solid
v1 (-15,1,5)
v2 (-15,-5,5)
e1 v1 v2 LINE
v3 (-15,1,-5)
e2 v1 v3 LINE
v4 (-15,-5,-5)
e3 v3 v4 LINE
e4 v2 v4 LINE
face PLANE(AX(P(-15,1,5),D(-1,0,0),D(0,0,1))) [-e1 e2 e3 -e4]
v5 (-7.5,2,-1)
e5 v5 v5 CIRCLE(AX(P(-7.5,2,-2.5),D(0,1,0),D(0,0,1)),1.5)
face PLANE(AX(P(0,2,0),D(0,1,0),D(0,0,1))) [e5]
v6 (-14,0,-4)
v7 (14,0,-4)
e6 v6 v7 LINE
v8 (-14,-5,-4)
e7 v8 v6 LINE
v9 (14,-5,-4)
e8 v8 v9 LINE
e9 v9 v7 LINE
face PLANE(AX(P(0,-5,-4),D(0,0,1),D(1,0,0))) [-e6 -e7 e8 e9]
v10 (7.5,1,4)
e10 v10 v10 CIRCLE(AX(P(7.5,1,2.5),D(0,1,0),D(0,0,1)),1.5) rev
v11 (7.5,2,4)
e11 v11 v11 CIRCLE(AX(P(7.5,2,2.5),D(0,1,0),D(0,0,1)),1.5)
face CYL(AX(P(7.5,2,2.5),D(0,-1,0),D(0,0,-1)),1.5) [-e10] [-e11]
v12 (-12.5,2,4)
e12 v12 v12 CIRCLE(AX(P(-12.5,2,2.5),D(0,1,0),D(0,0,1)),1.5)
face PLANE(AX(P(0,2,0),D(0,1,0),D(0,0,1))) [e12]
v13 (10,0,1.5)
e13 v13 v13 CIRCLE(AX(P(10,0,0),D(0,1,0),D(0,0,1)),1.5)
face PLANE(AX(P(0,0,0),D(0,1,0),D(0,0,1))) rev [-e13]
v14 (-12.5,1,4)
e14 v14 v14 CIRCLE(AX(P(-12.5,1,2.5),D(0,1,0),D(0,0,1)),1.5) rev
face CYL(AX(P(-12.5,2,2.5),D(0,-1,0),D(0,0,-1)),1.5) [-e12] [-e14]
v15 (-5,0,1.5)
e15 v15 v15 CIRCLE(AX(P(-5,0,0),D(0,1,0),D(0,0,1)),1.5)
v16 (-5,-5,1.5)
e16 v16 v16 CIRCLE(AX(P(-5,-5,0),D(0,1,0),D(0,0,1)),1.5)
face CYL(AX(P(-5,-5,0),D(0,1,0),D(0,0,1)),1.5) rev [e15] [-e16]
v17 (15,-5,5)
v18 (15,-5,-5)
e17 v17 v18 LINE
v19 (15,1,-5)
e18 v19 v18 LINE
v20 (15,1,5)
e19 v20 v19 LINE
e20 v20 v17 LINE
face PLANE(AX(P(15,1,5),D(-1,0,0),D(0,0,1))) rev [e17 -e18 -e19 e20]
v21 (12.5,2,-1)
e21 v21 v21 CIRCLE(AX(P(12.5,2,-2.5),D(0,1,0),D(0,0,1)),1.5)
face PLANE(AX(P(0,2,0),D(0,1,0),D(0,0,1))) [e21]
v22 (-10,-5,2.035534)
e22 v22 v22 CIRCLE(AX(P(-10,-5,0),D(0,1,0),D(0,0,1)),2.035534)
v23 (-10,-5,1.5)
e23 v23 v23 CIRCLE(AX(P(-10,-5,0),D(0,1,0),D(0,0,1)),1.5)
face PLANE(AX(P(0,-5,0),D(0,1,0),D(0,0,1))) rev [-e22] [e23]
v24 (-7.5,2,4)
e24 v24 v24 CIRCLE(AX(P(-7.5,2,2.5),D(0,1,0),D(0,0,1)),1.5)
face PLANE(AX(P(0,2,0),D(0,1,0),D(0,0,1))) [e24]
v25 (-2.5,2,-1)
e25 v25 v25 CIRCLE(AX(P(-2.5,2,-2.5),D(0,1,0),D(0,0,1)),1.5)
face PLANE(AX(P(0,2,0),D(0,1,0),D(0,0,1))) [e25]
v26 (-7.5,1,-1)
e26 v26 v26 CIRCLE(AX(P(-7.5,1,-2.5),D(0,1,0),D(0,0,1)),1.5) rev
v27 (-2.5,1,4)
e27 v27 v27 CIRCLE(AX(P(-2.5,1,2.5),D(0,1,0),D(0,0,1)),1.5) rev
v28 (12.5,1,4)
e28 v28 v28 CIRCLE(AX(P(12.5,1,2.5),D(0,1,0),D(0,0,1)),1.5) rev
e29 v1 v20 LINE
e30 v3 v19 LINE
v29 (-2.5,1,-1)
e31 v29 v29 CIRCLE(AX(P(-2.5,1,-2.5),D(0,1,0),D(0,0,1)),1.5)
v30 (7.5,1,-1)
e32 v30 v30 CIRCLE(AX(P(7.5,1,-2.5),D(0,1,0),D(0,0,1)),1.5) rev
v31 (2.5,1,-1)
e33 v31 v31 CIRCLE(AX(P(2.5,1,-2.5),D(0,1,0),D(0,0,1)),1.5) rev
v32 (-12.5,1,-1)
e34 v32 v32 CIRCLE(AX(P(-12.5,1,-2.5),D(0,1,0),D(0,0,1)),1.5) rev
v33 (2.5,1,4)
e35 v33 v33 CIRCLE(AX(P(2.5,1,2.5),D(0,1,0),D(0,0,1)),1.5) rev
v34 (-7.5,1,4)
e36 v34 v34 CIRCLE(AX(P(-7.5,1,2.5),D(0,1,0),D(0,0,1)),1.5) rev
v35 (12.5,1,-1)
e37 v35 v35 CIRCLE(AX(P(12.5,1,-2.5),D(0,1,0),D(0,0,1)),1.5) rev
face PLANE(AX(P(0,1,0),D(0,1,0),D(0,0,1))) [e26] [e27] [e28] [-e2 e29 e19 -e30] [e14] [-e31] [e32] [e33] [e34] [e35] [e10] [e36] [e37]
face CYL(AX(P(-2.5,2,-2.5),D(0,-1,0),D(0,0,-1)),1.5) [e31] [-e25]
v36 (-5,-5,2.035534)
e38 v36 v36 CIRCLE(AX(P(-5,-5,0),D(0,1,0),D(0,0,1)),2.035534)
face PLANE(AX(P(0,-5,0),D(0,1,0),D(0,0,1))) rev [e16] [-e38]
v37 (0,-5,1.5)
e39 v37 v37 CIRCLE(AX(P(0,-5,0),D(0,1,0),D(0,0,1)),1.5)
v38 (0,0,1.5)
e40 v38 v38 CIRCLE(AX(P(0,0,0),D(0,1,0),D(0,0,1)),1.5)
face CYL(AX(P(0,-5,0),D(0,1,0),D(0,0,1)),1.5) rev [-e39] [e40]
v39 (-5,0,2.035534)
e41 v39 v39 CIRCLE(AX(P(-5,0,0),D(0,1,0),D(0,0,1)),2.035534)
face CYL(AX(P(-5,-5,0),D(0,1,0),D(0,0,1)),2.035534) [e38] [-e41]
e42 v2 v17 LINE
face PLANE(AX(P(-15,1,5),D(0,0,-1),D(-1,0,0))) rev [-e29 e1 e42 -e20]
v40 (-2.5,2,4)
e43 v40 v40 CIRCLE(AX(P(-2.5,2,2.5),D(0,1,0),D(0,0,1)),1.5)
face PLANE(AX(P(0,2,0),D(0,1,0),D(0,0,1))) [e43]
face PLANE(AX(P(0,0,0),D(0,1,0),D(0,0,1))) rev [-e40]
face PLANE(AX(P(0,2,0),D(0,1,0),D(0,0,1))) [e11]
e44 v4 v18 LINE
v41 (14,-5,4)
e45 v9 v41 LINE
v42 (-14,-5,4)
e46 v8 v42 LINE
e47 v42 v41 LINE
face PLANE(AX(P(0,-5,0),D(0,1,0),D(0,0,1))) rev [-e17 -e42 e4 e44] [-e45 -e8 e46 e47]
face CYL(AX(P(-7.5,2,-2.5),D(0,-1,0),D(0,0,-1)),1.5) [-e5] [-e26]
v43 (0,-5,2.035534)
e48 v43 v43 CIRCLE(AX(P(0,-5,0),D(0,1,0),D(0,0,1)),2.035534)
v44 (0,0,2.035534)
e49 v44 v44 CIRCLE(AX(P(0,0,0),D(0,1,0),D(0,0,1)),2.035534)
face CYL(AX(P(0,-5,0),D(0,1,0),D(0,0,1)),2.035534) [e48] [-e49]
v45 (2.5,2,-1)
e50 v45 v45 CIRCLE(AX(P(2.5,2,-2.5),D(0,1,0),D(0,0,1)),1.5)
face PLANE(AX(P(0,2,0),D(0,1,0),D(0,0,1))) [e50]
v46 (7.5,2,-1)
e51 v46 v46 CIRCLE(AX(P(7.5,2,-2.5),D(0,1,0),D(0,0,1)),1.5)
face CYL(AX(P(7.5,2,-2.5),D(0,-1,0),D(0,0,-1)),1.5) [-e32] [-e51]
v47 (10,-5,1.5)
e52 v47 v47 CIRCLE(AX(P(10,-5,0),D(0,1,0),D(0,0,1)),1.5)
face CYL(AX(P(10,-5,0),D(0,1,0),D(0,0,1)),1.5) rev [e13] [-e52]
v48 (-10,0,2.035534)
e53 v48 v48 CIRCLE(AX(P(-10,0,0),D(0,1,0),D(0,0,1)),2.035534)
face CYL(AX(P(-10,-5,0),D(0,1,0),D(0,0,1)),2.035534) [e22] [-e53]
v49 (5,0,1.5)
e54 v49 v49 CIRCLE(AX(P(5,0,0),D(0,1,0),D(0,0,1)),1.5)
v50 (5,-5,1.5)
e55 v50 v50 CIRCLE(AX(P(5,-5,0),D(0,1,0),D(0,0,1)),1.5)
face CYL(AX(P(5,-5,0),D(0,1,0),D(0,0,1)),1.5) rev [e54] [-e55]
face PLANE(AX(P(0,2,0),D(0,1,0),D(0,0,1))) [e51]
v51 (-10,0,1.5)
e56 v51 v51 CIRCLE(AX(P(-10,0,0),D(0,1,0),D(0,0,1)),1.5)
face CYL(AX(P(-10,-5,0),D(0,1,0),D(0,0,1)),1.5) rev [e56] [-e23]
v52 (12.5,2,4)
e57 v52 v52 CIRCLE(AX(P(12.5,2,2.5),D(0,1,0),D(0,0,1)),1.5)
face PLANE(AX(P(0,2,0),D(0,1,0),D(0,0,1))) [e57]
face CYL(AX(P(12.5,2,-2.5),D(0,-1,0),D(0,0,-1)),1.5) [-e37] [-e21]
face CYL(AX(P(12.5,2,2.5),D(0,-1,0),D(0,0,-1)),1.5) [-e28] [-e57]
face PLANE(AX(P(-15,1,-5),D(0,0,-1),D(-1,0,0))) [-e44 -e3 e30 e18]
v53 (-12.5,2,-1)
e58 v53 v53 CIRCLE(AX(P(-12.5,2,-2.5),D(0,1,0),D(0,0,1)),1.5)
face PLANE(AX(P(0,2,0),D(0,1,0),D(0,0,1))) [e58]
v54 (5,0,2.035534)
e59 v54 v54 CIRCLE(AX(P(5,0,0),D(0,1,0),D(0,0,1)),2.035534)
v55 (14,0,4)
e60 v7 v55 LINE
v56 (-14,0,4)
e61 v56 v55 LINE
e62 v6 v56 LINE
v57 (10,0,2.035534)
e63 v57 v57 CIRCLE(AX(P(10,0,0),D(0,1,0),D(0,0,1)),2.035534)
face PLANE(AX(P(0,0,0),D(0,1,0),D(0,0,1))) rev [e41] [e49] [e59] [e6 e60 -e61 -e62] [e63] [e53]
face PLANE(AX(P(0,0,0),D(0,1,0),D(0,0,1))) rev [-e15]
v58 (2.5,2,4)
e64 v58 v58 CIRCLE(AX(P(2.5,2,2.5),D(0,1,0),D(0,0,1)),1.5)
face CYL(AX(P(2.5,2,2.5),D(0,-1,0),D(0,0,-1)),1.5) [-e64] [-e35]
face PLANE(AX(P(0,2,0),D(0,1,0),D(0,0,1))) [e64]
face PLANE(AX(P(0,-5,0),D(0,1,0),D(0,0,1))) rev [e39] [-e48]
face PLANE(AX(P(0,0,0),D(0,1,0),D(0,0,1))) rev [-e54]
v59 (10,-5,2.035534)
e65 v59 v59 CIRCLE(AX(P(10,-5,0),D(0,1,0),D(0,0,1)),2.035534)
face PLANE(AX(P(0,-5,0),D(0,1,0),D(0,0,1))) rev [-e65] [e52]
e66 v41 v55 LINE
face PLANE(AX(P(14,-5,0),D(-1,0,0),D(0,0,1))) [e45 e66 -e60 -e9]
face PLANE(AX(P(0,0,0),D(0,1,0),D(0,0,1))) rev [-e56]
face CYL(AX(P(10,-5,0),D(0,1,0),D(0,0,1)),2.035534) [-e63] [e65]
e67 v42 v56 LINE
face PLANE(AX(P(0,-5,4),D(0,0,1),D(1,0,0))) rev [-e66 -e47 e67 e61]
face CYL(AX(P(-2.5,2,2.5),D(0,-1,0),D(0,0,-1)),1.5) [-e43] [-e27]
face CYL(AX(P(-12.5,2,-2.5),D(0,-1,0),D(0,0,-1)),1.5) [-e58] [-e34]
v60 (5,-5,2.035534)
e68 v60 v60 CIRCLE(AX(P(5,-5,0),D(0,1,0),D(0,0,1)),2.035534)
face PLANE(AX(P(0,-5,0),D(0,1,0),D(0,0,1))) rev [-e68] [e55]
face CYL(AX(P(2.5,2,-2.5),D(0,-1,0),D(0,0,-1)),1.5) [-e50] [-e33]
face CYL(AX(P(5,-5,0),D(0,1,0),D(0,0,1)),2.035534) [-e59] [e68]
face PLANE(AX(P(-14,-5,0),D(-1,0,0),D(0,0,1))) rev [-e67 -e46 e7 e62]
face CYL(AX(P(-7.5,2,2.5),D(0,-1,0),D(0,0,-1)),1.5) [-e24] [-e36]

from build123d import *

# Parameters (mm, degrees)
SKETCH1_R              = 1.5
BOSS_EXTRUDE1_DEPTH    = 2
BOSS_EXTRUDE1_2_DEPTH  = 2
BOSS_EXTRUDE1_3_DEPTH  = 2
BOSS_EXTRUDE1_4_DEPTH  = 2
BOSS_EXTRUDE1_5_DEPTH  = 2
BOSS_EXTRUDE1_6_DEPTH  = 2
BOSS_EXTRUDE1_7_DEPTH  = 2
BOSS_EXTRUDE1_8_DEPTH  = 2
BOSS_EXTRUDE1_9_DEPTH  = 2
BOSS_EXTRUDE1_10_DEPTH = 2
BOSS_EXTRUDE1_11_DEPTH = 2
BOSS_EXTRUDE1_12_DEPTH = 2
SKETCH1_3_W            = 30
SKETCH1_3_H            = 10
BOSS_EXTRUDE2_DEPTH    = 1
SKETCH1_4_W            = 30
SKETCH1_4_H            = 10
SKETCH1_4_W_2          = 28
SKETCH1_4_H_2          = 8
SKETCH1_4_R            = 2.035533906
SKETCH1_4_R_2          = 1.5
BOSS_EXTRUDE3_DEPTH    = 5


with BuildPart() as part:
    # Sketch1 → Boss-Extrude1 (new body)
    with BuildSketch(Plane(origin=(0, 0, 0), x_dir=(1, 0, 0), z_dir=(0, 1, 0))):
        with Locations((-12.5, 2.5)):
            Circle(SKETCH1_R)
    extrude(amount=BOSS_EXTRUDE1_DEPTH)



with BuildPart() as body_2:
    # Sketch1 → Boss-Extrude1 2 (new body)
    with BuildSketch(Plane(origin=(0, 0, 0), x_dir=(1, 0, 0), z_dir=(0, 1, 0))):
        with Locations((-7.5, 2.5)):
            Circle(SKETCH1_R)
    extrude(amount=BOSS_EXTRUDE1_2_DEPTH)


with BuildPart() as body_3:
    # Sketch1 → Boss-Extrude1 3 (new body)
    with BuildSketch(Plane(origin=(0, 0, 0), x_dir=(1, 0, 0), z_dir=(0, 1, 0))):
        with Locations((-12.5, -2.5)):
            Circle(SKETCH1_R)
    extrude(amount=BOSS_EXTRUDE1_3_DEPTH)


with BuildPart() as body_4:
    # Sketch1 → Boss-Extrude1 4 (new body)
    with BuildSketch(Plane(origin=(0, 0, 0), x_dir=(1, 0, 0), z_dir=(0, 1, 0))):
        with Locations((-2.5, 2.5)):
            Circle(SKETCH1_R)
    extrude(amount=BOSS_EXTRUDE1_4_DEPTH)


with BuildPart() as body_5:
    # Sketch1 → Boss-Extrude1 5 (new body)
    with BuildSketch(Plane(origin=(0, 0, 0), x_dir=(1, 0, 0), z_dir=(0, 1, 0))):
        with Locations((2.5, 2.5)):
            Circle(SKETCH1_R)
    extrude(amount=BOSS_EXTRUDE1_5_DEPTH)


with BuildPart() as body_6:
    # Sketch1 → Boss-Extrude1 6 (new body)
    with BuildSketch(Plane(origin=(0, 0, 0), x_dir=(1, 0, 0), z_dir=(0, 1, 0))):
        with Locations((-7.5, -2.5)):
            Circle(SKETCH1_R)
    extrude(amount=BOSS_EXTRUDE1_6_DEPTH)


with BuildPart() as body_7:
    # Sketch1 → Boss-Extrude1 7 (new body)
    with BuildSketch(Plane(origin=(0, 0, 0), x_dir=(1, 0, 0), z_dir=(0, 1, 0))):
        with Locations((7.5, 2.5)):
            Circle(SKETCH1_R)
    extrude(amount=BOSS_EXTRUDE1_7_DEPTH)


with BuildPart() as body_8:
    # Sketch1 → Boss-Extrude1 8 (new body)
    with BuildSketch(Plane(origin=(0, 0, 0), x_dir=(1, 0, 0), z_dir=(0, 1, 0))):
        with Locations((-2.5, -2.5)):
            Circle(SKETCH1_R)
    extrude(amount=BOSS_EXTRUDE1_8_DEPTH)


with BuildPart() as body_9:
    # Sketch1 → Boss-Extrude1 9 (new body)
    with BuildSketch(Plane(origin=(0, 0, 0), x_dir=(1, 0, 0), z_dir=(0, 1, 0))):
        with Locations((12.5, 2.5)):
            Circle(SKETCH1_R)
    extrude(amount=BOSS_EXTRUDE1_9_DEPTH)


with BuildPart() as body_10:
    # Sketch1 → Boss-Extrude1 10 (new body)
    with BuildSketch(Plane(origin=(0, 0, 0), x_dir=(1, 0, 0), z_dir=(0, 1, 0))):
        with Locations((2.5, -2.5)):
            Circle(SKETCH1_R)
    extrude(amount=BOSS_EXTRUDE1_10_DEPTH)


with BuildPart() as body_11:
    # Sketch1 → Boss-Extrude1 11 (new body)
    with BuildSketch(Plane(origin=(0, 0, 0), x_dir=(1, 0, 0), z_dir=(0, 1, 0))):
        with Locations((7.5, -2.5)):
            Circle(SKETCH1_R)
    extrude(amount=BOSS_EXTRUDE1_11_DEPTH)


with BuildPart() as body_12:
    # Sketch1 → Boss-Extrude1 12 (new body)
    with BuildSketch(Plane(origin=(0, 0, 0), x_dir=(1, 0, 0), z_dir=(0, 1, 0))):
        with Locations((12.5, -2.5)):
            Circle(SKETCH1_R)
    extrude(amount=BOSS_EXTRUDE1_12_DEPTH)


with BuildPart() as part_1:
    add(part.part)

    add(body_2.part)  # Boss-Extrude2 merges body 2

    add(body_3.part)  # Boss-Extrude2 merges body 3

    add(body_4.part)  # Boss-Extrude2 merges body 4

    add(body_5.part)  # Boss-Extrude2 merges body 5

    add(body_6.part)  # Boss-Extrude2 merges body 6

    add(body_7.part)  # Boss-Extrude2 merges body 7

    add(body_8.part)  # Boss-Extrude2 merges body 8

    add(body_9.part)  # Boss-Extrude2 merges body 9

    add(body_10.part)  # Boss-Extrude2 merges body 10

    add(body_11.part)  # Boss-Extrude2 merges body 11

    add(body_12.part)  # Boss-Extrude2 merges body 12
    # Sketch1<3> → Boss-Extrude2 (add)
    with BuildSketch(Plane(origin=(0, 0, 0), x_dir=(1, 0, 0), z_dir=(0, 1, 0))):
        Rectangle(SKETCH1_3_W, SKETCH1_3_H)
    extrude(amount=BOSS_EXTRUDE2_DEPTH)

    # Sketch1<4> → Boss-Extrude3 (add)
    # profile 1 of 6: a face of its own
    with BuildSketch(Plane(origin=(0, 0, 0), x_dir=(1, 0, 0), z_dir=(0, 1, 0))):
        Rectangle(SKETCH1_4_W, SKETCH1_4_H)
        Rectangle(SKETCH1_4_W_2, SKETCH1_4_H_2, mode=Mode.SUBTRACT)
    # profile 2 of 6: a face of its own
    with BuildSketch(Plane(origin=(0, 0, 0), x_dir=(1, 0, 0), z_dir=(0, 1, 0))):
        with Locations((-10, 0)):
            Circle(SKETCH1_4_R)
        with Locations((-10, 0)):
            Circle(SKETCH1_4_R_2, mode=Mode.SUBTRACT)
    # profile 3 of 6: a face of its own
    with BuildSketch(Plane(origin=(0, 0, 0), x_dir=(1, 0, 0), z_dir=(0, 1, 0))):
        with Locations((-5, 0)):
            Circle(SKETCH1_4_R)
        with Locations((-5, 0)):
            Circle(SKETCH1_4_R_2, mode=Mode.SUBTRACT)
    # profile 4 of 6: a face of its own
    with BuildSketch(Plane(origin=(0, 0, 0), x_dir=(1, 0, 0), z_dir=(0, 1, 0))):
        Circle(SKETCH1_4_R)
        Circle(SKETCH1_4_R_2, mode=Mode.SUBTRACT)
    # profile 5 of 6: a face of its own
    with BuildSketch(Plane(origin=(0, 0, 0), x_dir=(1, 0, 0), z_dir=(0, 1, 0))):
        with Locations((5, 0)):
            Circle(SKETCH1_4_R)
        with Locations((5, 0)):
            Circle(SKETCH1_4_R_2, mode=Mode.SUBTRACT)
    # profile 6 of 6: a face of its own
    with BuildSketch(Plane(origin=(0, 0, 0), x_dir=(1, 0, 0), z_dir=(0, 1, 0))):
        with Locations((10, 0)):
            Circle(SKETCH1_4_R)
        with Locations((10, 0)):
            Circle(SKETCH1_4_R_2, mode=Mode.SUBTRACT)
    extrude(amount=-BOSS_EXTRUDE3_DEPTH)


solid = part_1.part
